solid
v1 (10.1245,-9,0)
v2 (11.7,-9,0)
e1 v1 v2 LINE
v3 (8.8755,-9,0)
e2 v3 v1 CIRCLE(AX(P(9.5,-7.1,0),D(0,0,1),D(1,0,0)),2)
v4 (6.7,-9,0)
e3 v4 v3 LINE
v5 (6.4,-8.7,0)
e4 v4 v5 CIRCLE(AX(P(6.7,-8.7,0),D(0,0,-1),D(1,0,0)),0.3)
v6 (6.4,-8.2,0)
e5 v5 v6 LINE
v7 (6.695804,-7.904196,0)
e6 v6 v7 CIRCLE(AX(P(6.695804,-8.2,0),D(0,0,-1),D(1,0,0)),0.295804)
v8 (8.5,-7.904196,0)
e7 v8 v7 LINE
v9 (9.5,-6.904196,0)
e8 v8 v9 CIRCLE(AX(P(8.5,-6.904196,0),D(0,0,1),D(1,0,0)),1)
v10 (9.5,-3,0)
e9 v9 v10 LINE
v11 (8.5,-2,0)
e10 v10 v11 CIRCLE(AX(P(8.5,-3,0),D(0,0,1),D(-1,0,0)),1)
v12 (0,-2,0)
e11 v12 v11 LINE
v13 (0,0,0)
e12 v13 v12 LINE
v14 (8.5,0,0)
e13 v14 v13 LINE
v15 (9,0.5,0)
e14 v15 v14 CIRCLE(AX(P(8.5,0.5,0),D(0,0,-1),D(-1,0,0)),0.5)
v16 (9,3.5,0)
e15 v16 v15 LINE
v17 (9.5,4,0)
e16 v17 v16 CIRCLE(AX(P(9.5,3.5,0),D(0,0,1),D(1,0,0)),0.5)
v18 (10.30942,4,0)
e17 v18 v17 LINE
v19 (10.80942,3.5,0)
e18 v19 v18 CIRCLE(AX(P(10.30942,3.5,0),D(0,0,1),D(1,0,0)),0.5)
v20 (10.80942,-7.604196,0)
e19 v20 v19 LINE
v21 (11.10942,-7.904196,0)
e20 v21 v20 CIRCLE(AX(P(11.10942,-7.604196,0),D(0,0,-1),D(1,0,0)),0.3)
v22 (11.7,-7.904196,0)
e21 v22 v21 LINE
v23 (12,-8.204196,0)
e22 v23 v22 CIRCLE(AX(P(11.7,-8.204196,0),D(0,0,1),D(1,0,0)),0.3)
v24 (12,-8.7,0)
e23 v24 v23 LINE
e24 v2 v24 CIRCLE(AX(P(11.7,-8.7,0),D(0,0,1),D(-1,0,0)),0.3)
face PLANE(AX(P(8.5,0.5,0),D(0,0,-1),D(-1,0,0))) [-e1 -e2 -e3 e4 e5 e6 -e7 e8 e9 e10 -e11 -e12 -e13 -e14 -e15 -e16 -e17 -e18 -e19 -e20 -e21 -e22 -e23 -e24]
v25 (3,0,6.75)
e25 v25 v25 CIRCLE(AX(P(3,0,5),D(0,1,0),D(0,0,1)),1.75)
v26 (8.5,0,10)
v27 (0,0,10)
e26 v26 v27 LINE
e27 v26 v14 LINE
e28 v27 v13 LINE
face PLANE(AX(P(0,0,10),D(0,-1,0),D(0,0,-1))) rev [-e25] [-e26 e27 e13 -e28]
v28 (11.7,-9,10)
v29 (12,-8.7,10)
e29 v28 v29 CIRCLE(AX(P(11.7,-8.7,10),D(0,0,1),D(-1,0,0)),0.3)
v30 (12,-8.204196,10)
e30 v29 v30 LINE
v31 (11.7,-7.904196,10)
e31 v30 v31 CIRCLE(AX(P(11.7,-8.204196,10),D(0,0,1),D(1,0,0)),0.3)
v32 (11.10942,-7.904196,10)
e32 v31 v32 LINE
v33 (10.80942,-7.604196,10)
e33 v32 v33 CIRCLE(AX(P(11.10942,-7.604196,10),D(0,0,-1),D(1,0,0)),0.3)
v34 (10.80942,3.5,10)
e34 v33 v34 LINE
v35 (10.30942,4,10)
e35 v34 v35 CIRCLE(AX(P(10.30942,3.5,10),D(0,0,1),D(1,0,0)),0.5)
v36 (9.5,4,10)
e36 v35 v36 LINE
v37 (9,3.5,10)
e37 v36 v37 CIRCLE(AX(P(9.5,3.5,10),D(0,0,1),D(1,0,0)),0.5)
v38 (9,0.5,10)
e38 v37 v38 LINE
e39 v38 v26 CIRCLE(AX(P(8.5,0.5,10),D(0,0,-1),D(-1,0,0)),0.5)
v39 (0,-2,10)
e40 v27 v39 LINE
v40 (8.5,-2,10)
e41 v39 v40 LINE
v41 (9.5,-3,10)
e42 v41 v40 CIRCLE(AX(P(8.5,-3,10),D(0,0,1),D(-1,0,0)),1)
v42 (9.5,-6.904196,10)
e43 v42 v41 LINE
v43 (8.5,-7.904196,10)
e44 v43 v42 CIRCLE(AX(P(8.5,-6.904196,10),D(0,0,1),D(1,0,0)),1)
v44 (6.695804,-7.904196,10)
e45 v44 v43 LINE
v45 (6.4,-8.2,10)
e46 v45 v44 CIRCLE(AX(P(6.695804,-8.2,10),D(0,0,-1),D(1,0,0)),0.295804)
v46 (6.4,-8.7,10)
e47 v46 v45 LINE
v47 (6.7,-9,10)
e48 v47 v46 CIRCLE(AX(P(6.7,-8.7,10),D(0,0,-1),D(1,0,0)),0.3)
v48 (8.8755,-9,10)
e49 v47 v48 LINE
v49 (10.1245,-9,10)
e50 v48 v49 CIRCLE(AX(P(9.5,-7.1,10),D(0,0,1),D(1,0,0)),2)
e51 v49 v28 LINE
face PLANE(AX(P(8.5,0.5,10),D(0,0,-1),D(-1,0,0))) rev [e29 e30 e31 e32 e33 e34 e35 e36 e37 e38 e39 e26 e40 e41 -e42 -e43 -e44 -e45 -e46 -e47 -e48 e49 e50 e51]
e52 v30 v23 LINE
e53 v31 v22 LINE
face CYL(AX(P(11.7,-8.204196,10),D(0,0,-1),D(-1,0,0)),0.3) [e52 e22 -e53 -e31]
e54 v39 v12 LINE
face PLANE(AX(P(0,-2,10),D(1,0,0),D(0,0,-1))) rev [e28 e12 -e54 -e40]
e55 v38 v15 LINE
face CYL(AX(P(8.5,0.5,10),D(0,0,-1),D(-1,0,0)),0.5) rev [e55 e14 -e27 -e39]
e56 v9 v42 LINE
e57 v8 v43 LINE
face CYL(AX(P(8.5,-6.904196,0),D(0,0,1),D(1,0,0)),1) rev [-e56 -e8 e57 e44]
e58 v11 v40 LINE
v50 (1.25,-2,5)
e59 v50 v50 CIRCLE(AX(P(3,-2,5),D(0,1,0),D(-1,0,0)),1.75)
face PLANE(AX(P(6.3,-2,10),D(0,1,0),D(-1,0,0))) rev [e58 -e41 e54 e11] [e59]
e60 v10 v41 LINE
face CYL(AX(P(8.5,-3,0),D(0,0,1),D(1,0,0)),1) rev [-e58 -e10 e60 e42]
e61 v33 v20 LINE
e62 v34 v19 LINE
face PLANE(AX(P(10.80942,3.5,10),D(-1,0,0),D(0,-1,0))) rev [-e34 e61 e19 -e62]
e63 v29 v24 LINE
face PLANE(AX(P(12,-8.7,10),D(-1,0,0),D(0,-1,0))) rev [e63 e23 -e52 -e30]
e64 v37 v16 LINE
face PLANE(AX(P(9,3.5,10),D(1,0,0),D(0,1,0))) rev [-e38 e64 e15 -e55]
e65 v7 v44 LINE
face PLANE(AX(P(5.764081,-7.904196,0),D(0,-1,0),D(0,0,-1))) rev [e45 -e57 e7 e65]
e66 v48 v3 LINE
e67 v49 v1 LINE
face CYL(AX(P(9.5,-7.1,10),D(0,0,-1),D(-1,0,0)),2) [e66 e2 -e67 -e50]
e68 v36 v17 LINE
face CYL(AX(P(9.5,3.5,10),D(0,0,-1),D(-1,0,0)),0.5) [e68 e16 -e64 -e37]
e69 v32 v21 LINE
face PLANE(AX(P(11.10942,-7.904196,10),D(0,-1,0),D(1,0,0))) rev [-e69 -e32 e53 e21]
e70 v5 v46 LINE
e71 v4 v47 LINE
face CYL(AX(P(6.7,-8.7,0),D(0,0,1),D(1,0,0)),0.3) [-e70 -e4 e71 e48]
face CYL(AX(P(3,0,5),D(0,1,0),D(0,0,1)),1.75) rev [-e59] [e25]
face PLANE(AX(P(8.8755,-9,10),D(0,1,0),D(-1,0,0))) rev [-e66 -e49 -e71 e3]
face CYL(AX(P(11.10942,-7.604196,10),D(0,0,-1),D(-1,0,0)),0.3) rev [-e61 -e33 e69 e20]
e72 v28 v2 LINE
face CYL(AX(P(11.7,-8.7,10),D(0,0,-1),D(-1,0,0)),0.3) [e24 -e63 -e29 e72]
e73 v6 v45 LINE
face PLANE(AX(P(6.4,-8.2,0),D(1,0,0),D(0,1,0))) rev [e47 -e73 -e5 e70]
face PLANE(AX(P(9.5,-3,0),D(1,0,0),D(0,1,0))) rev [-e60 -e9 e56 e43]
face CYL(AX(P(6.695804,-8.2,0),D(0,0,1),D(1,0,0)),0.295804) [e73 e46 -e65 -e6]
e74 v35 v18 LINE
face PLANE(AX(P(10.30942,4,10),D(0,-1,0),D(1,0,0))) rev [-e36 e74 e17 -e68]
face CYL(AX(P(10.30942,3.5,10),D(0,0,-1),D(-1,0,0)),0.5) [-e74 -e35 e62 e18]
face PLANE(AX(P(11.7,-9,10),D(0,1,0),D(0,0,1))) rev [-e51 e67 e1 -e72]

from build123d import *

# Parameters (mm, degrees)
BOSS_EXTRUDE1_DEPTH  = 10
M3_CLEARANCE_HOLE1_D = 3.5
CUT_EXTRUDE1_DEPTH   = 10
CUT_EXTRUDE2_START   = -10
CUT_EXTRUDE2_DEPTH   = 10


with BuildPart() as part:
    # Sketch1 → Boss-Extrude1 (new body)
    with BuildSketch(Plane.XY):
        with BuildLine():
            Line((0, 0), (8, 0))
            Line((8, 0), (8.5, 0))
            ThreePointArc((8.5, 0), (8.853553391, 0.146446609), (9, 0.5))
            Line((9, 0.5), (9, 3.5))
            ThreePointArc((9, 3.5), (9.146446609, 3.853553391), (9.5, 4))
            Line((9.5, 4), (10.309420257, 4))
            ThreePointArc((10.309420257, 4), (10.662973647, 3.853553391), (10.809420257, 3.5))
            Line((10.809420257, 3.5), (10.809420257, -7.604196011))
            ThreePointArc((10.809420257, -7.604196011), (10.897288222, -7.816328045), (11.109420257, -7.904196011))
            Line((11.109420257, -7.904196011), (11.7, -7.904196011))
            ThreePointArc((11.7, -7.904196011), (11.912132034, -7.992063976), (12, -8.204196011))
            Line((12, -8.204196011), (12, -8.7))
            ThreePointArc((12, -8.7), (11.912132034, -8.912132034), (11.7, -9))
            Line((11.7, -9), (10.1244998, -9))
            ThreePointArc((10.1244998, -9), (9.5, -9.1), (8.8755002, -9))
            Line((8.8755002, -9), (6.3, -9))
            ThreePointArc((6.3, -9), (6.087867966, -8.912132034), (6, -8.7))
            Line((6, -8.7), (6, -8.2))
            ThreePointArc((6, -8.2), (6.070871215, -8.006350833), (6.25, -7.904196011))
            ThreePointArc((6.25, -7.904196011), (6.429128785, -7.802041189), (6.5, -7.608392022))
            Line((6.5, -7.608392022), (6.5, -2.2))
            ThreePointArc((6.5, -2.2), (6.441421356, -2.058578644), (6.3, -2))
            Line((6.3, -2), (0, -2))
            Line((0, -2), (0, 0))
        make_face()
    extrude(amount=BOSS_EXTRUDE1_DEPTH)

    # M3 Clearance Hole1 (through all)
    with Locations(Plane(origin=(0, 0, 0), x_dir=(1, 0, 0), z_dir=(0, 1, 0))):
        with Locations((3, -5)):
            Hole(M3_CLEARANCE_HOLE1_D / 2)

    # Sketch4 → Cut-Extrude1 (cut)
    with BuildSketch(Plane.XY.offset(10)):
        with BuildLine():
            Line((5.764081335, -2), (8.5, -2))
            ThreePointArc((8.5, -2), (9.207106781, -2.292893219), (9.5, -3))
            Line((9.5, -3), (9.5, -6.904196011))
            ThreePointArc((9.5, -6.904196011), (9.207106781, -7.611302792), (8.5, -7.904196011))
            Line((8.5, -7.904196011), (5.764081335, -7.904196011))
            Line((5.764081335, -7.904196011), (5.764081335, -2))
        make_face()
    extrude(amount=-CUT_EXTRUDE1_DEPTH, mode=Mode.SUBTRACT)

    # Sketch6 → Cut-Extrude2 (cut)
    with BuildSketch(Plane.XY.offset(10).offset(CUT_EXTRUDE2_START)):
        with BuildLine():
            Line((6.4, -8.2), (6.4, -8.7))
            ThreePointArc((6.4, -8.7), (6.487867966, -8.912132034), (6.7, -9))
            Line((6.7, -9), (6.3, -9))
            ThreePointArc((6.3, -9), (6.087867966, -8.912132034), (6, -8.7))
            Line((6, -8.7), (6, -8.2))
            ThreePointArc((6, -8.2), (6.070871215, -8.006350833), (6.25, -7.904196011))
            Line((6.25, -7.904196011), (6.695803989, -7.904196011))
            ThreePointArc((6.695803989, -7.904196011), (6.486638983, -7.990834993), (6.4, -8.2))
        make_face()
    extrude(amount=CUT_EXTRUDE2_DEPTH, mode=Mode.SUBTRACT)


solid = part.part
